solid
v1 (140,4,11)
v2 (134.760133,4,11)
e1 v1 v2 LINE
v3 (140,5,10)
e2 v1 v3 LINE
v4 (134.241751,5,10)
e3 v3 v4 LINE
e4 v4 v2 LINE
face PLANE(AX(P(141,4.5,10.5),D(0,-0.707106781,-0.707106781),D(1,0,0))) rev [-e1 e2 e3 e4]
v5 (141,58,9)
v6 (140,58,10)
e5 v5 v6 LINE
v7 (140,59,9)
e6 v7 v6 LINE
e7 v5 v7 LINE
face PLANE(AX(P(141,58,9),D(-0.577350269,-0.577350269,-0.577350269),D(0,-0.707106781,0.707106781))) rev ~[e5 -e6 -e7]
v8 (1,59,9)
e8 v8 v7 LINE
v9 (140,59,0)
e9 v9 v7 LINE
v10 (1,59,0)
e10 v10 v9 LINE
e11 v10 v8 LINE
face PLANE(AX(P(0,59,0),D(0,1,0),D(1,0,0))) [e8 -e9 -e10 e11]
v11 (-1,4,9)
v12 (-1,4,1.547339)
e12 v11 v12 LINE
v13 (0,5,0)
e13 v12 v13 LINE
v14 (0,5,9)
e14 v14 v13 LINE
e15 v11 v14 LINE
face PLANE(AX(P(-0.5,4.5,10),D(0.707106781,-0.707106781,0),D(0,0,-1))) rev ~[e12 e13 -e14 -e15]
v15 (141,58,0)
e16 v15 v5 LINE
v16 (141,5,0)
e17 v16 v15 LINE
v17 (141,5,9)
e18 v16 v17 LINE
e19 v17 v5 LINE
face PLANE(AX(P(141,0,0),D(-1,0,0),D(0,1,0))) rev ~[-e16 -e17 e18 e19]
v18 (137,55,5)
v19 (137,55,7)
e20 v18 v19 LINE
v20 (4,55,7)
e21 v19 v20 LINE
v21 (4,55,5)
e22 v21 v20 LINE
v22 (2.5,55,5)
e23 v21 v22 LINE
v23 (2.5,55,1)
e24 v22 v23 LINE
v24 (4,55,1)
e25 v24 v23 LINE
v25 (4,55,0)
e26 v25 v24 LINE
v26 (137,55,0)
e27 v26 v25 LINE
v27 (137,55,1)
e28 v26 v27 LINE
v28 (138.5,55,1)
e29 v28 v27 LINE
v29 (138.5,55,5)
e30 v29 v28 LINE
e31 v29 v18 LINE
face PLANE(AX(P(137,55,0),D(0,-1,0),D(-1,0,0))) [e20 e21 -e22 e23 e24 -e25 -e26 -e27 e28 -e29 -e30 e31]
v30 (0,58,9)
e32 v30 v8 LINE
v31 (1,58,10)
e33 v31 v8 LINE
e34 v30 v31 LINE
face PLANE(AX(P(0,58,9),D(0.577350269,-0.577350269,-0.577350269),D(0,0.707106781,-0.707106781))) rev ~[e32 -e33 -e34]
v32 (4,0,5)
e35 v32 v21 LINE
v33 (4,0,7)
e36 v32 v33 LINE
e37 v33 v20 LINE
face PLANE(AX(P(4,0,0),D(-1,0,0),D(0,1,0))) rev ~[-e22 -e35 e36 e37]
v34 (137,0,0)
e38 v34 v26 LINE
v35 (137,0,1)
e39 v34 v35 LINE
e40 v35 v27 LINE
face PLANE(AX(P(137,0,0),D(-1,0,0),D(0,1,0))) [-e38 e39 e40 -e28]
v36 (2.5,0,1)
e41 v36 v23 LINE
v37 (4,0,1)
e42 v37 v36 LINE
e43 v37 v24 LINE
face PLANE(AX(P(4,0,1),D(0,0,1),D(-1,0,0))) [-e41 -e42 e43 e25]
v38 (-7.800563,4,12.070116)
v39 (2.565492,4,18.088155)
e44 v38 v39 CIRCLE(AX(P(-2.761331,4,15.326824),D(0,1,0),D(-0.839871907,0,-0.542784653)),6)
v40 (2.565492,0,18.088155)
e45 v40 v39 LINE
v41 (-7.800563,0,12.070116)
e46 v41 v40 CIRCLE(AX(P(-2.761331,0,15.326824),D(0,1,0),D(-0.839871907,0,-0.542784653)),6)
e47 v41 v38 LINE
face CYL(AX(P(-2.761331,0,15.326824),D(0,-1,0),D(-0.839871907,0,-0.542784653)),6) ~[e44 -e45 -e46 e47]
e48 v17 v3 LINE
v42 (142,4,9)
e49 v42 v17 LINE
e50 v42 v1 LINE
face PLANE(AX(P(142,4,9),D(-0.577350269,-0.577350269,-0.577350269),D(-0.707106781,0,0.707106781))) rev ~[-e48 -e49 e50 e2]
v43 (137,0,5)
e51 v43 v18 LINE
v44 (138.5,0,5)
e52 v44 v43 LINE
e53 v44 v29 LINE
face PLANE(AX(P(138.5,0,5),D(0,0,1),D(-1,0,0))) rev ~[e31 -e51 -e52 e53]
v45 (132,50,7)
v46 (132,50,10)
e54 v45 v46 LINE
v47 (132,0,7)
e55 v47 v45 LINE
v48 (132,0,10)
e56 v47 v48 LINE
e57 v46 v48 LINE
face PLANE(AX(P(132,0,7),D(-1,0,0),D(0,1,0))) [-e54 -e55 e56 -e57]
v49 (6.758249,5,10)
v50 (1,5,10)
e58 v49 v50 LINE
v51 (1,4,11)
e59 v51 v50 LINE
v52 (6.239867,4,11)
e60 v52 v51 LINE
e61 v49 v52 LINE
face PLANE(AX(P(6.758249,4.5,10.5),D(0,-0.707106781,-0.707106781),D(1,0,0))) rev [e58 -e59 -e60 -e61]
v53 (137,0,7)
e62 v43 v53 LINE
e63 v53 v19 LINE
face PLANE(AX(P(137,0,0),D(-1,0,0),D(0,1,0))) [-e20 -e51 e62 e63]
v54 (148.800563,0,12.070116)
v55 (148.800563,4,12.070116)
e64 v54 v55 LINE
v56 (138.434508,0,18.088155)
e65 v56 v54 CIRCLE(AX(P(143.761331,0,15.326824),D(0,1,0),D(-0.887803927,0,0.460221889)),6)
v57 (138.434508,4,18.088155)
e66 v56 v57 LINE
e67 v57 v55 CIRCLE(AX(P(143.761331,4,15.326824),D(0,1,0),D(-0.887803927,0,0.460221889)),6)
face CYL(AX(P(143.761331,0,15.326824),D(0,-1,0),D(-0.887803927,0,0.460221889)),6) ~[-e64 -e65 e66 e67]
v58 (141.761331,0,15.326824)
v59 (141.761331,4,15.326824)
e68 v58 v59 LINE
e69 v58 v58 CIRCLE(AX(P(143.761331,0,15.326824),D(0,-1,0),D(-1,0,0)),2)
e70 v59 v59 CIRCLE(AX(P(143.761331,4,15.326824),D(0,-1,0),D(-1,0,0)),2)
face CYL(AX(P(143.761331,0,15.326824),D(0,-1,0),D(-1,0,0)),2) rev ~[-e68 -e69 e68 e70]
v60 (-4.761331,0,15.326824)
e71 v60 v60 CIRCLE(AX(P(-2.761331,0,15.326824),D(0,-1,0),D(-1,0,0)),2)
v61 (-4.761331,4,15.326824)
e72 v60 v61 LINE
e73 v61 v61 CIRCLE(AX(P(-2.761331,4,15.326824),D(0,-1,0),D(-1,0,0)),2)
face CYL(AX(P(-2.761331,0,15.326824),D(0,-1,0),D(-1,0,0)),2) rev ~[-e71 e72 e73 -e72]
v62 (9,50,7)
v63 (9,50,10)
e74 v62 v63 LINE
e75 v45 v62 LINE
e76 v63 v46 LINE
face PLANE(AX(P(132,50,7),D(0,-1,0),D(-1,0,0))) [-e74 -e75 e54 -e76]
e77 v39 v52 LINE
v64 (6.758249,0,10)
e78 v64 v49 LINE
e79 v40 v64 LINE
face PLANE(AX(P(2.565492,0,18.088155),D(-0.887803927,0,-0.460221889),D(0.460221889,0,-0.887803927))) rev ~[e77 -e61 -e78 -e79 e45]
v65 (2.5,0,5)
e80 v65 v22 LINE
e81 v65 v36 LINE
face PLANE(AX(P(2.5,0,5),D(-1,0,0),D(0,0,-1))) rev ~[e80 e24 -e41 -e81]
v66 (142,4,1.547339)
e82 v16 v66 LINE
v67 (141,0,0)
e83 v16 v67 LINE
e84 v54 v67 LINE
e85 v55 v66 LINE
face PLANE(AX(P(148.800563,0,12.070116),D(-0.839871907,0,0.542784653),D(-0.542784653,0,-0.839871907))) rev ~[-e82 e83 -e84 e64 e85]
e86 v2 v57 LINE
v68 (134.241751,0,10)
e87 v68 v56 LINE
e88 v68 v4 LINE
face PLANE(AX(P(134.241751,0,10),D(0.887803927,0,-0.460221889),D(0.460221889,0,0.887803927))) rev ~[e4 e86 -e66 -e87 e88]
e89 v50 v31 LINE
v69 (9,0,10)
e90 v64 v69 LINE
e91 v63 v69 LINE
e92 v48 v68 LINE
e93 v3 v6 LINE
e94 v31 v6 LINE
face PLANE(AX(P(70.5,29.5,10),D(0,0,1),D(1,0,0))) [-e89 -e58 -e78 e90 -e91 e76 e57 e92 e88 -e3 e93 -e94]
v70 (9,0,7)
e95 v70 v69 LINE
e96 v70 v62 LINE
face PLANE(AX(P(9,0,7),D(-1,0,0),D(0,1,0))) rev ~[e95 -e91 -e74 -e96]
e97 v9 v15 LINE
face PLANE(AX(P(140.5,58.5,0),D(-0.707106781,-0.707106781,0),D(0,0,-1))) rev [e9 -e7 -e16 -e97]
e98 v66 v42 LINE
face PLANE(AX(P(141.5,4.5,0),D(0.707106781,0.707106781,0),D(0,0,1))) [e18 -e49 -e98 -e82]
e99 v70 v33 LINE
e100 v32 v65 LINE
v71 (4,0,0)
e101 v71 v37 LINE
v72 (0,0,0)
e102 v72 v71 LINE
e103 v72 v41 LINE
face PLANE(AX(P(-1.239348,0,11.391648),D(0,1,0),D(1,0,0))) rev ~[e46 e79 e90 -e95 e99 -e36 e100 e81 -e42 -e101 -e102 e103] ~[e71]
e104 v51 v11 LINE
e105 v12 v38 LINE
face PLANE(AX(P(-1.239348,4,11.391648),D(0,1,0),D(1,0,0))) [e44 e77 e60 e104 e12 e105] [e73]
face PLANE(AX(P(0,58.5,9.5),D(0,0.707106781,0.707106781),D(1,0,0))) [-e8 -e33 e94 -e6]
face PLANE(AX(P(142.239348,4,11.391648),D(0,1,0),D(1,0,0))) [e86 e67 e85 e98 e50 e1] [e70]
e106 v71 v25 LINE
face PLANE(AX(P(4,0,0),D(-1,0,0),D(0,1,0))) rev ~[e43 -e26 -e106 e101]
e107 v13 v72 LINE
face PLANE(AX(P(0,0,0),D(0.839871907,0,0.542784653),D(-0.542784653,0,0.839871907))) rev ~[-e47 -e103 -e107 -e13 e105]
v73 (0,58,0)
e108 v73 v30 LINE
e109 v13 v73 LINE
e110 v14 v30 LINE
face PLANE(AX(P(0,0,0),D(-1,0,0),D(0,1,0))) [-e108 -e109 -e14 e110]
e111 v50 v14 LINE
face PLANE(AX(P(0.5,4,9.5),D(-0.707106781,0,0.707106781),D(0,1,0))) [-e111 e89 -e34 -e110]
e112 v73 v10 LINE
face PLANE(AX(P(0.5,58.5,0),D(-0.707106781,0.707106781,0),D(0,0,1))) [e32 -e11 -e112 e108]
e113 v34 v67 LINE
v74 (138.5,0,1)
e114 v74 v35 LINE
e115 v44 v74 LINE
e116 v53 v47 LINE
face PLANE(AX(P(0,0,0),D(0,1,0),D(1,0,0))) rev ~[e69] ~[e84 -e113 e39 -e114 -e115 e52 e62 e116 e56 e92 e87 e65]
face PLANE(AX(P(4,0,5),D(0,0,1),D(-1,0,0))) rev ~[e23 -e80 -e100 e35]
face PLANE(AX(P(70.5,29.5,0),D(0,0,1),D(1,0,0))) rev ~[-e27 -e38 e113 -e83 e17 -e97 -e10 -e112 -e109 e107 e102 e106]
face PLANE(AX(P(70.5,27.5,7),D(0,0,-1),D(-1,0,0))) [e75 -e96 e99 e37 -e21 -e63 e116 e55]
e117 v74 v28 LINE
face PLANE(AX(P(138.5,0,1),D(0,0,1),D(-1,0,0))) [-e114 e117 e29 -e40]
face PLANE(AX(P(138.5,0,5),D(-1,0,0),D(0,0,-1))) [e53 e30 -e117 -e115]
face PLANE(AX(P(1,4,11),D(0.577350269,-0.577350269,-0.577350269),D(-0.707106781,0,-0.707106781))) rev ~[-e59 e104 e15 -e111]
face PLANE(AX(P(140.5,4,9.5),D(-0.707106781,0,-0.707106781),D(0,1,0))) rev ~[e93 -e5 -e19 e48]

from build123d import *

# Parameters (mm, degrees)
SKETCH1_W           = 141
SKETCH1_H           = 59
BOSS_EXTRUDE1_DEPTH = 10
SKETCH2_W           = 133
SKETCH2_H           = 55
CUT_EXTRUDE1_DEPTH  = 7
SKETCH3_W           = 123
SKETCH3_H           = 50
CUT_EXTRUDE2_DEPTH  = 7
SKETCH4_W           = 1.5
SKETCH4_H           = 4
CUT_EXTRUDE3_DEPTH  = 55
SKETCH5_R           = 2
BOSS_EXTRUDE2_DEPTH = 4
CHAMFER1_SIZE       = 1


with BuildPart() as part:
    # Sketch1 → Boss-Extrude1 (new body)
    with BuildSketch(Plane.XY):
        with Locations((70.5, 29.5)):
            Rectangle(SKETCH1_W, SKETCH1_H)
    extrude(amount=BOSS_EXTRUDE1_DEPTH)

    # Sketch2 → Cut-Extrude1 (cut)
    with BuildSketch(Plane(origin=(0, 0, 0), x_dir=(-1, 0, 0), z_dir=(0, 0, -1))):
        with Locations((-70.5, 27.5)):
            Rectangle(SKETCH2_W, SKETCH2_H)
    extrude(amount=-CUT_EXTRUDE1_DEPTH, mode=Mode.SUBTRACT)

    # Sketch3 → Cut-Extrude2 (cut)
    with BuildSketch(Plane(origin=(0, 0, 7), x_dir=(-1, 0, 0), z_dir=(0, 0, -1))):
        with Locations((-70.5, 25)):
            Rectangle(SKETCH3_W, SKETCH3_H)
    extrude(amount=-CUT_EXTRUDE2_DEPTH, mode=Mode.SUBTRACT)

    # Sketch4 → Cut-Extrude3 (cut)
    with BuildSketch(Plane(origin=(0, 0, 0), x_dir=(-1, 0, 0), z_dir=(0, -1, 0))):
        with Locations((-3.25, -3)):
            Rectangle(SKETCH4_W, SKETCH4_H)
        with Locations((-137.75, -3)):
            Rectangle(SKETCH4_W, SKETCH4_H)
    extrude(amount=-CUT_EXTRUDE3_DEPTH, mode=Mode.SUBTRACT)

    # Sketch5 → Boss-Extrude2 (add)
    with BuildSketch(Plane(origin=(0, 0, 0), x_dir=(-1, 0, 0), z_dir=(0, -1, 0))):
        with BuildLine():
            Line((-2.565492231, -18.088154896), (-6.758248996, -10))
            Line((-6.758248996, -10), (0, -10))
            Line((0, -10), (0, 0))
            Line((0, 0), (7.800562775, -12.070115644))
            ThreePointArc((7.800562775, -12.070115644), (5.773784886, -20.515765997), (-2.565492231, -18.088154896))
        make_face()
        with Locations((2.761331332, -15.326823563)):
            Circle(SKETCH5_R, mode=Mode.SUBTRACT)
        with BuildLine():
            Line((-141, -10), (-134.241751004, -10))
            Line((-134.241751004, -10), (-138.434507769, -18.088154896))
            ThreePointArc((-138.434507769, -18.088154896), (-146.773784886, -20.515765997), (-148.800562775, -12.070115644))
            Line((-148.800562775, -12.070115644), (-141, 0))
            Line((-141, 0), (-141, -10))
        make_face()
        with Locations((-143.761331332, -15.326823563)):
            Circle(SKETCH5_R, mode=Mode.SUBTRACT)
    extrude(amount=-BOSS_EXTRUDE2_DEPTH)

    # Chamfer1
    chamfer1_edges = [part.edges().sort_by_distance(p)[0] for p in [
        (70.5, 59, 10),
        (0, 31.5, 10),
        (0, 59, 5),
        (141, 59, 5),
        (3.379124498, 4, 10),
        (0, 4, 5),
        (141, 31.5, 10),
        (141, 4, 5),
        (137.620875502, 4, 10),
    ]]
    chamfer(chamfer1_edges, length=CHAMFER1_SIZE)


solid = part.part
